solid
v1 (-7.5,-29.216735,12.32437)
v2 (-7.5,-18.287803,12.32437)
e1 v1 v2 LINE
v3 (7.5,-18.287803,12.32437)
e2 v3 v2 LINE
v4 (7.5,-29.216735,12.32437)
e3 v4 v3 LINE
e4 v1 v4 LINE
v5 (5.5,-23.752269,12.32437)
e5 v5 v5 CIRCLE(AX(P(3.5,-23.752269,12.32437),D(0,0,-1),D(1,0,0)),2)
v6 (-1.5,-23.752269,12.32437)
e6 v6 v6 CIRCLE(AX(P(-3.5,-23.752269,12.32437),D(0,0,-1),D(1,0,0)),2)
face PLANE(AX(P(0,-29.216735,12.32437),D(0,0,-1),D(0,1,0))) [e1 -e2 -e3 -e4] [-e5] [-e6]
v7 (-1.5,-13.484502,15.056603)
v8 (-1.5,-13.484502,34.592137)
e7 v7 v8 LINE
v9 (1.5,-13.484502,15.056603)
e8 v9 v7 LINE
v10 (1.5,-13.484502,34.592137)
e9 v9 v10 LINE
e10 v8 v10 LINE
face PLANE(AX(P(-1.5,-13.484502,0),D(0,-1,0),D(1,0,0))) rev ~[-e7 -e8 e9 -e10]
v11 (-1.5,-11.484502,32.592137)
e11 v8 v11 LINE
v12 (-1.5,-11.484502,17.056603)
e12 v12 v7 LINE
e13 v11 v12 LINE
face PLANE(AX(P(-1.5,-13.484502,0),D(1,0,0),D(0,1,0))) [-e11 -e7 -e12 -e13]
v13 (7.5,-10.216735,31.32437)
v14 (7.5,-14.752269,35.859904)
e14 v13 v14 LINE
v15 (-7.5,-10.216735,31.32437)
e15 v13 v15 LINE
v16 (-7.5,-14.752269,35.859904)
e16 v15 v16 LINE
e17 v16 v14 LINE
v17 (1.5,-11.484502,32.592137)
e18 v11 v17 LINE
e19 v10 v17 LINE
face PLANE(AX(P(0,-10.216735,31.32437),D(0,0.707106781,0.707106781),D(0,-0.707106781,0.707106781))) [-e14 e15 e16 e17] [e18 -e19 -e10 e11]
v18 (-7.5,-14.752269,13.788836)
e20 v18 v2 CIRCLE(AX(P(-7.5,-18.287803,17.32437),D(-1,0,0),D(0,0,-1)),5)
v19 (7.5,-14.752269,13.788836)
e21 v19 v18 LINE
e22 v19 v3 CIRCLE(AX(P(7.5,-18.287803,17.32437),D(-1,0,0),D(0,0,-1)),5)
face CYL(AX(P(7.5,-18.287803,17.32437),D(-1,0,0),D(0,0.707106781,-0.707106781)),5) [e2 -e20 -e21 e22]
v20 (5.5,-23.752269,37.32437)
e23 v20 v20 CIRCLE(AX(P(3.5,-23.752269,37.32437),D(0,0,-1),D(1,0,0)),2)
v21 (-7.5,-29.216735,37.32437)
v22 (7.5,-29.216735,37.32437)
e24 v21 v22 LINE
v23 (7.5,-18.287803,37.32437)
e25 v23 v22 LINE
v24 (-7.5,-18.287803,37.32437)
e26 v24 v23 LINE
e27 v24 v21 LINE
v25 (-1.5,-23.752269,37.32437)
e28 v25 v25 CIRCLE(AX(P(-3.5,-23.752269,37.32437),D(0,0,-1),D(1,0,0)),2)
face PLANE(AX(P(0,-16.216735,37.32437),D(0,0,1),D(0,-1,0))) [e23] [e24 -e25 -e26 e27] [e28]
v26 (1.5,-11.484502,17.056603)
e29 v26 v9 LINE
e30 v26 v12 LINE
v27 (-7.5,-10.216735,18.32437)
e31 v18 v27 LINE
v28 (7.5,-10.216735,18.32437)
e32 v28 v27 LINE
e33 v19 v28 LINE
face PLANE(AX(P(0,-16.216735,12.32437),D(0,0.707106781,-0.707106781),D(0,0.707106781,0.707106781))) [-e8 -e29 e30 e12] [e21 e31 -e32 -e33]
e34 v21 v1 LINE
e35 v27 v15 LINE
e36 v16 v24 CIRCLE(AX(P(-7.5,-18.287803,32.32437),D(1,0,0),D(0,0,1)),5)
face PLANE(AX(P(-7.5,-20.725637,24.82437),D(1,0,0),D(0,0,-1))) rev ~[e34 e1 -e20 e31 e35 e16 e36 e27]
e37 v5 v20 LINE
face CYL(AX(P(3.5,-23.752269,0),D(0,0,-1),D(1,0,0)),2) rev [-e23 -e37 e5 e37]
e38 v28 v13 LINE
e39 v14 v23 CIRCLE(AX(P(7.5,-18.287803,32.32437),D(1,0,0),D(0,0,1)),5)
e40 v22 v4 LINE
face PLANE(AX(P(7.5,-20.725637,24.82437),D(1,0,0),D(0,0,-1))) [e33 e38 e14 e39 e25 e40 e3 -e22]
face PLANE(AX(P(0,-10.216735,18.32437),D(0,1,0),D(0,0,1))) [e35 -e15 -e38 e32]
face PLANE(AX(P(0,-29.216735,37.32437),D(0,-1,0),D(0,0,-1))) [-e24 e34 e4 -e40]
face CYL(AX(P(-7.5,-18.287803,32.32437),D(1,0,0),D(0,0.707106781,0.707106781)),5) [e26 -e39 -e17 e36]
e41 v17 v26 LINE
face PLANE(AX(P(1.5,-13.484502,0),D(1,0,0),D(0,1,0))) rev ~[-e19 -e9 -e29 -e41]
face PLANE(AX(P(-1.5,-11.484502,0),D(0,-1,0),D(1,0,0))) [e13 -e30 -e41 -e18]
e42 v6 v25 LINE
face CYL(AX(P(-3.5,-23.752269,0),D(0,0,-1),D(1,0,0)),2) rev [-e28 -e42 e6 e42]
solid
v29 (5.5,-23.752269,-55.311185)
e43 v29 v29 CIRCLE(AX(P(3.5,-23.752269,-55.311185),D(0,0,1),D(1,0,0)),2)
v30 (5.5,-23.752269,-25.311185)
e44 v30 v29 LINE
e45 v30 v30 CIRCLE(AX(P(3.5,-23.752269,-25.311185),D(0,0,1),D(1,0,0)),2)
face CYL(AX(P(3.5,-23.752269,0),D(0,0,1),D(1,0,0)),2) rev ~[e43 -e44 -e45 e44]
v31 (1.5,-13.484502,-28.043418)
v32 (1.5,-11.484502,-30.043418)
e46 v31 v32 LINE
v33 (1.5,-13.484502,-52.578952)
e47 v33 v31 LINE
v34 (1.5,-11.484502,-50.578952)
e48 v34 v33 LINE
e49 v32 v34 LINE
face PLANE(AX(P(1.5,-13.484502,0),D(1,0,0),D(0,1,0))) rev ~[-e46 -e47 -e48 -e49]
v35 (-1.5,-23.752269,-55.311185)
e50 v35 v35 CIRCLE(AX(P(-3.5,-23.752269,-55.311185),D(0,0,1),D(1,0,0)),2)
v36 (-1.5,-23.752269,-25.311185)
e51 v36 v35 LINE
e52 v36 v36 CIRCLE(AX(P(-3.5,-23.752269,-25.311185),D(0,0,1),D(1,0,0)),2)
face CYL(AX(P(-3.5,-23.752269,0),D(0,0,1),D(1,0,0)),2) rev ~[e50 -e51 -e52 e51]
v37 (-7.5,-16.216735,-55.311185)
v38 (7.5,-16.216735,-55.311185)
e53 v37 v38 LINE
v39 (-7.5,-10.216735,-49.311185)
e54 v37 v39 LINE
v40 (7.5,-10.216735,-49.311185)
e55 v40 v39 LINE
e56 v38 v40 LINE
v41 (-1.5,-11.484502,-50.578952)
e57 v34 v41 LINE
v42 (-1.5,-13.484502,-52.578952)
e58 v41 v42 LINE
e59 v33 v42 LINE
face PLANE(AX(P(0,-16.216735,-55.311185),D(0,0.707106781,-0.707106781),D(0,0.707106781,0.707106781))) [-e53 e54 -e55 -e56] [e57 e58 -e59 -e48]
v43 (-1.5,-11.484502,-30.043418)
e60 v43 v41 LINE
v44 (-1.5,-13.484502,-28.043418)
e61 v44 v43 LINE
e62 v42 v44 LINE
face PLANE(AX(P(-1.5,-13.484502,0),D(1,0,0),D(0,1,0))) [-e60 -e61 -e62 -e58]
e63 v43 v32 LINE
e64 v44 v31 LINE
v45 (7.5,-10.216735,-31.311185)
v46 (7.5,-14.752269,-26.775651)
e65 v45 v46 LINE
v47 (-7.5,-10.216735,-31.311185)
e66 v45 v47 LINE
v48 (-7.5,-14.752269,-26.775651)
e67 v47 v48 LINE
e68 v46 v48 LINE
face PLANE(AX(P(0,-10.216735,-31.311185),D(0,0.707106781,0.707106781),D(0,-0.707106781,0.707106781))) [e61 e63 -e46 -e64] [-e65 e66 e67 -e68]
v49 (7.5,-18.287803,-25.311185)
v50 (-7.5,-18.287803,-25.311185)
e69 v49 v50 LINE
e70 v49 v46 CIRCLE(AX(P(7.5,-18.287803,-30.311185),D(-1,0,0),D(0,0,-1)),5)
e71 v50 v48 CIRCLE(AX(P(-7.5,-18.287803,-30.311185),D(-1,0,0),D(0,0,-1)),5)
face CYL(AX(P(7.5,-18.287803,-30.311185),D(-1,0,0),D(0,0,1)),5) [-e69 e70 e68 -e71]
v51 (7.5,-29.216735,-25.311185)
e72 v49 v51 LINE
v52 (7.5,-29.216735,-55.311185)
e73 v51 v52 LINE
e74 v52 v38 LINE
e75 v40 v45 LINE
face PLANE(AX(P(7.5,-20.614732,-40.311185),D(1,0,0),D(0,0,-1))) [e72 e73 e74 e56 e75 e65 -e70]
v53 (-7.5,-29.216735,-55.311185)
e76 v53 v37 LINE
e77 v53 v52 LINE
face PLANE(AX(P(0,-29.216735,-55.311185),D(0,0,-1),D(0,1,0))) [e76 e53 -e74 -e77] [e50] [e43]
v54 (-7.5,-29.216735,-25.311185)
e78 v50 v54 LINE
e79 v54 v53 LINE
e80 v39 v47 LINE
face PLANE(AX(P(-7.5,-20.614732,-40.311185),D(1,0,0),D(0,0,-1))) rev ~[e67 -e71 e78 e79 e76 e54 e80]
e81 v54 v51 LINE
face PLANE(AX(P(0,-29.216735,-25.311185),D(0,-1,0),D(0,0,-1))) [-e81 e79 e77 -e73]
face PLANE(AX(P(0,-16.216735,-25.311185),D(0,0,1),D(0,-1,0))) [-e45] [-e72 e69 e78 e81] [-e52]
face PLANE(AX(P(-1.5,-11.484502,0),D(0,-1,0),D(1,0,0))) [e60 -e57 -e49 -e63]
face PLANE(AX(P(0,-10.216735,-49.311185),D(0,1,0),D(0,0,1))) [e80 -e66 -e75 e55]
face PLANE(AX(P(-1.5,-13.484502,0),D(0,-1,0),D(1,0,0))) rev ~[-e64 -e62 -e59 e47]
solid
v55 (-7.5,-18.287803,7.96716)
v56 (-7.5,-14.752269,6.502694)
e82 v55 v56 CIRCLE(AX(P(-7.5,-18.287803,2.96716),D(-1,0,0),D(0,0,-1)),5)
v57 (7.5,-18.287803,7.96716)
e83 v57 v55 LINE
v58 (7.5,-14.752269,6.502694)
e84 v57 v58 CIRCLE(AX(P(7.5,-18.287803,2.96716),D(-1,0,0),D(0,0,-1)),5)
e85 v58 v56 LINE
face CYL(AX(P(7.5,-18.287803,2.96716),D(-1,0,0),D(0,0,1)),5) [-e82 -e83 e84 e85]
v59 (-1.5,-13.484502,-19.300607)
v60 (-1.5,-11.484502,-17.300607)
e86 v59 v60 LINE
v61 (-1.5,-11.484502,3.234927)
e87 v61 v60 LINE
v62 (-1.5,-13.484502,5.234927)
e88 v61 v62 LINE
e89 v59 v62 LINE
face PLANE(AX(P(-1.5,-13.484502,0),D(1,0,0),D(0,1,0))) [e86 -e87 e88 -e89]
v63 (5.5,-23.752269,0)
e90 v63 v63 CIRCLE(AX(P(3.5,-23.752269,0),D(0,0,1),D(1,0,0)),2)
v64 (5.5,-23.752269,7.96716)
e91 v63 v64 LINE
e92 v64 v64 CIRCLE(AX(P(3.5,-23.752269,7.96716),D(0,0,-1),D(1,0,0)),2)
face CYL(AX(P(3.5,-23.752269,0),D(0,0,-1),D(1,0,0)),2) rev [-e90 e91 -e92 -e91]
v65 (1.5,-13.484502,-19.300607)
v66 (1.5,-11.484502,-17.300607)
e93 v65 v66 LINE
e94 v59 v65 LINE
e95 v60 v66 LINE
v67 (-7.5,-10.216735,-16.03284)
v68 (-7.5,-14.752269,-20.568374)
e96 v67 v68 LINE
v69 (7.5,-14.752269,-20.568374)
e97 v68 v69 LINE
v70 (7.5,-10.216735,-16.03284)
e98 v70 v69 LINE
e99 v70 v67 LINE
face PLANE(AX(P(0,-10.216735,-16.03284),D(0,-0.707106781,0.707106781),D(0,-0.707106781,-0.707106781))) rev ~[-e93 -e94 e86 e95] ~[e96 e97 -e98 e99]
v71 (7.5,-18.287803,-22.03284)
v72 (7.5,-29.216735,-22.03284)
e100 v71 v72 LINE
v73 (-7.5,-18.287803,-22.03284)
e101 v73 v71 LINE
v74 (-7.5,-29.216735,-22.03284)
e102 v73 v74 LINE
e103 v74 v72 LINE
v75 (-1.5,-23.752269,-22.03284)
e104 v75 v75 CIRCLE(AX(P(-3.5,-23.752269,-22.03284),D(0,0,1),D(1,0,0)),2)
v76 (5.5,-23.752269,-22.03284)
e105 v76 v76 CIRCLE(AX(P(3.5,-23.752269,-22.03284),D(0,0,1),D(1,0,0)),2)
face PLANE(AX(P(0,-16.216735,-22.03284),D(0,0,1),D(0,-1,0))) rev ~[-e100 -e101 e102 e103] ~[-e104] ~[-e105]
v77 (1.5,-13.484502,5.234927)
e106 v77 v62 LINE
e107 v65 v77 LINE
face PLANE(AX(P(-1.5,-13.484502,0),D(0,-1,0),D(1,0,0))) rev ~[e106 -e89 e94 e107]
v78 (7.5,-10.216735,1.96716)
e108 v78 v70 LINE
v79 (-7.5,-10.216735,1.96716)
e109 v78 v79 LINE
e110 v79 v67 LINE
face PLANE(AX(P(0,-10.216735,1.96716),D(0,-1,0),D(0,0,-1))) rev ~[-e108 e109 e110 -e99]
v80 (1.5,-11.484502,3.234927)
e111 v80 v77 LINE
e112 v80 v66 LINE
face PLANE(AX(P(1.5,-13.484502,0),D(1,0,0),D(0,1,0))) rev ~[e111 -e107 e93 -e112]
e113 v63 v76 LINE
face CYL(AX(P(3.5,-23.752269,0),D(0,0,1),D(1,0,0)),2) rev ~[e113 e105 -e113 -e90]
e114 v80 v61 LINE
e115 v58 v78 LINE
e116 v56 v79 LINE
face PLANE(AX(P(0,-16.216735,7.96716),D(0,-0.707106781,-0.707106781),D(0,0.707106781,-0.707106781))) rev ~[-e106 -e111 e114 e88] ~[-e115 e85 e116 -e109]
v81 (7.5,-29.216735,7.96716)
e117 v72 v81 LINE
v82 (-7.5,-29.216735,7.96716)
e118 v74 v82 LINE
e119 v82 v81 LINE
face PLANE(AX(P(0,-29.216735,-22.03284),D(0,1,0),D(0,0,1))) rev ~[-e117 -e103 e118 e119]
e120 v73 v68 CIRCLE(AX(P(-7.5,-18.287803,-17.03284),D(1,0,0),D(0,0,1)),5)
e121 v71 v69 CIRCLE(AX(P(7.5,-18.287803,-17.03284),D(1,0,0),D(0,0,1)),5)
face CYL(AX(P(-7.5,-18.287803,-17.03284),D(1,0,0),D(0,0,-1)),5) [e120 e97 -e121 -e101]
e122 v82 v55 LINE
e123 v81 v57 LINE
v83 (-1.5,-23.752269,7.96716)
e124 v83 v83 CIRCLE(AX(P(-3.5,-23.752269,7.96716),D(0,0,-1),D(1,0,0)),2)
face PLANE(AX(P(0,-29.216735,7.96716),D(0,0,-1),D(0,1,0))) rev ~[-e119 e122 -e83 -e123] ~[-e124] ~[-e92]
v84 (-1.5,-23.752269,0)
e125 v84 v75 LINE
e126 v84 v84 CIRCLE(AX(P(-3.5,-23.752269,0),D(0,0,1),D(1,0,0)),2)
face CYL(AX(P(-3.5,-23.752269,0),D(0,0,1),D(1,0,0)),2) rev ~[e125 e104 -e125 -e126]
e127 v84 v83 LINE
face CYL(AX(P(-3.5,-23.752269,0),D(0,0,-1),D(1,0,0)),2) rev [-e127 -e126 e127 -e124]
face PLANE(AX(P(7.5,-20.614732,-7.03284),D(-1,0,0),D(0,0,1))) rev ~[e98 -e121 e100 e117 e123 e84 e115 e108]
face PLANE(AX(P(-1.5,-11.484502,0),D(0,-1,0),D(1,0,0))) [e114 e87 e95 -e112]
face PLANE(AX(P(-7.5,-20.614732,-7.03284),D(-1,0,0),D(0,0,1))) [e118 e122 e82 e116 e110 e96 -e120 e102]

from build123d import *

# Parameters (mm, degrees)
BOSS_EXTRUDE1_DEPTH = 7.5
BOSS_EXTRUDE2_DEPTH = 7.5
BOSS_EXTRUDE3_DEPTH = 7.5
FILLET1_R           = 5
FILLET2_R           = 5
FILLET3_R           = 5
SKETCH4_R           = 2
SKETCH4_W           = 3
SKETCH4_H           = 2
CUT_EXTRUDE1_DEPTH  = 100


with BuildPart() as part:
    # Sketch1 → Boss-Extrude1 (new, symmetric)
    with BuildSketch(Plane(origin=(0, 0, 0), x_dir=(0, 0, -1), z_dir=(1, 0, 0))):
        Polygon((-31.324369962, -10.21673477), (-37.324369962, -16.21673477), (-37.324369962, -29.21673477), (-12.324369962, -29.21673477), (-12.324369962, -16.21673477), (-18.324369962, -10.21673477), align=None)
    extrude(amount=BOSS_EXTRUDE1_DEPTH, both=True)

    # Fillet3
    fillet3_edges = [part.edges().sort_by_distance(p)[0] for p in [
        (0, -16.21673477, 12.324369962),
        (0, -16.21673477, 37.324369962),
    ]]
    fillet(fillet3_edges, radius=FILLET3_R)


with BuildPart() as body_2:
    # Sketch2 → Boss-Extrude2 (new, symmetric)
    with BuildSketch(Plane(origin=(0, 0, 0), x_dir=(0, 0, -1), z_dir=(1, 0, 0))):
        Polygon((-7.967160281, -29.21673477), (-7.967160281, -16.21673477), (-1.967160281, -10.21673477), (16.032839719, -10.21673477), (22.032839719, -16.21673477), (22.032839719, -29.21673477), align=None)
    extrude(amount=BOSS_EXTRUDE2_DEPTH, both=True)

    # Fillet2
    fillet2_edges = [body_2.edges().sort_by_distance(p)[0] for p in [
        (0, -16.21673477, 7.967160281),
        (0, -16.21673477, -22.032839719),
    ]]
    fillet(fillet2_edges, radius=FILLET2_R)


with BuildPart() as body_3:
    # Sketch3 → Boss-Extrude3 (new, symmetric)
    with BuildSketch(Plane(origin=(0, 0, 0), x_dir=(0, 0, -1), z_dir=(1, 0, 0))):
        Polygon((25.31118522, -16.21673477), (25.31118522, -29.21673477), (55.31118522, -29.21673477), (55.31118522, -16.21673477), (49.31118522, -10.21673477), (31.31118522, -10.21673477), align=None)
    extrude(amount=BOSS_EXTRUDE3_DEPTH, both=True)

    # Fillet1
    fillet1_edges = [body_3.edges().sort_by_distance(p)[0] for p in [
        (0, -16.21673477, -25.31118522),
    ]]
    fillet(fillet1_edges, radius=FILLET1_R)


with BuildPart() as cut_extrude1_tool:
    # Sketch4 → Cut-Extrude1 (new, symmetric)
    with BuildSketch(Plane.XY):
        with Locations((-3.5, -23.752268676)):
            Circle(SKETCH4_R)
        with Locations((3.5, -23.752268676)):
            Circle(SKETCH4_R)
        with Locations((0, -12.484501723)):
            Rectangle(SKETCH4_W, SKETCH4_H)
    extrude(amount=CUT_EXTRUDE1_DEPTH, both=True)


with BuildPart() as part_1:
    add(part.part)

    # Cut-Extrude1: cut by cut_extrude1_tool
    add(cut_extrude1_tool.part, mode=Mode.SUBTRACT)


with BuildPart() as body_2_1:
    add(body_2.part)

    # Cut-Extrude1: cut by cut_extrude1_tool
    add(cut_extrude1_tool.part, mode=Mode.SUBTRACT)


with BuildPart() as body_3_1:
    add(body_3.part)

    # Cut-Extrude1: cut by cut_extrude1_tool
    add(cut_extrude1_tool.part, mode=Mode.SUBTRACT)


solid = Compound([part_1.part, body_2_1.part, body_3_1.part])
